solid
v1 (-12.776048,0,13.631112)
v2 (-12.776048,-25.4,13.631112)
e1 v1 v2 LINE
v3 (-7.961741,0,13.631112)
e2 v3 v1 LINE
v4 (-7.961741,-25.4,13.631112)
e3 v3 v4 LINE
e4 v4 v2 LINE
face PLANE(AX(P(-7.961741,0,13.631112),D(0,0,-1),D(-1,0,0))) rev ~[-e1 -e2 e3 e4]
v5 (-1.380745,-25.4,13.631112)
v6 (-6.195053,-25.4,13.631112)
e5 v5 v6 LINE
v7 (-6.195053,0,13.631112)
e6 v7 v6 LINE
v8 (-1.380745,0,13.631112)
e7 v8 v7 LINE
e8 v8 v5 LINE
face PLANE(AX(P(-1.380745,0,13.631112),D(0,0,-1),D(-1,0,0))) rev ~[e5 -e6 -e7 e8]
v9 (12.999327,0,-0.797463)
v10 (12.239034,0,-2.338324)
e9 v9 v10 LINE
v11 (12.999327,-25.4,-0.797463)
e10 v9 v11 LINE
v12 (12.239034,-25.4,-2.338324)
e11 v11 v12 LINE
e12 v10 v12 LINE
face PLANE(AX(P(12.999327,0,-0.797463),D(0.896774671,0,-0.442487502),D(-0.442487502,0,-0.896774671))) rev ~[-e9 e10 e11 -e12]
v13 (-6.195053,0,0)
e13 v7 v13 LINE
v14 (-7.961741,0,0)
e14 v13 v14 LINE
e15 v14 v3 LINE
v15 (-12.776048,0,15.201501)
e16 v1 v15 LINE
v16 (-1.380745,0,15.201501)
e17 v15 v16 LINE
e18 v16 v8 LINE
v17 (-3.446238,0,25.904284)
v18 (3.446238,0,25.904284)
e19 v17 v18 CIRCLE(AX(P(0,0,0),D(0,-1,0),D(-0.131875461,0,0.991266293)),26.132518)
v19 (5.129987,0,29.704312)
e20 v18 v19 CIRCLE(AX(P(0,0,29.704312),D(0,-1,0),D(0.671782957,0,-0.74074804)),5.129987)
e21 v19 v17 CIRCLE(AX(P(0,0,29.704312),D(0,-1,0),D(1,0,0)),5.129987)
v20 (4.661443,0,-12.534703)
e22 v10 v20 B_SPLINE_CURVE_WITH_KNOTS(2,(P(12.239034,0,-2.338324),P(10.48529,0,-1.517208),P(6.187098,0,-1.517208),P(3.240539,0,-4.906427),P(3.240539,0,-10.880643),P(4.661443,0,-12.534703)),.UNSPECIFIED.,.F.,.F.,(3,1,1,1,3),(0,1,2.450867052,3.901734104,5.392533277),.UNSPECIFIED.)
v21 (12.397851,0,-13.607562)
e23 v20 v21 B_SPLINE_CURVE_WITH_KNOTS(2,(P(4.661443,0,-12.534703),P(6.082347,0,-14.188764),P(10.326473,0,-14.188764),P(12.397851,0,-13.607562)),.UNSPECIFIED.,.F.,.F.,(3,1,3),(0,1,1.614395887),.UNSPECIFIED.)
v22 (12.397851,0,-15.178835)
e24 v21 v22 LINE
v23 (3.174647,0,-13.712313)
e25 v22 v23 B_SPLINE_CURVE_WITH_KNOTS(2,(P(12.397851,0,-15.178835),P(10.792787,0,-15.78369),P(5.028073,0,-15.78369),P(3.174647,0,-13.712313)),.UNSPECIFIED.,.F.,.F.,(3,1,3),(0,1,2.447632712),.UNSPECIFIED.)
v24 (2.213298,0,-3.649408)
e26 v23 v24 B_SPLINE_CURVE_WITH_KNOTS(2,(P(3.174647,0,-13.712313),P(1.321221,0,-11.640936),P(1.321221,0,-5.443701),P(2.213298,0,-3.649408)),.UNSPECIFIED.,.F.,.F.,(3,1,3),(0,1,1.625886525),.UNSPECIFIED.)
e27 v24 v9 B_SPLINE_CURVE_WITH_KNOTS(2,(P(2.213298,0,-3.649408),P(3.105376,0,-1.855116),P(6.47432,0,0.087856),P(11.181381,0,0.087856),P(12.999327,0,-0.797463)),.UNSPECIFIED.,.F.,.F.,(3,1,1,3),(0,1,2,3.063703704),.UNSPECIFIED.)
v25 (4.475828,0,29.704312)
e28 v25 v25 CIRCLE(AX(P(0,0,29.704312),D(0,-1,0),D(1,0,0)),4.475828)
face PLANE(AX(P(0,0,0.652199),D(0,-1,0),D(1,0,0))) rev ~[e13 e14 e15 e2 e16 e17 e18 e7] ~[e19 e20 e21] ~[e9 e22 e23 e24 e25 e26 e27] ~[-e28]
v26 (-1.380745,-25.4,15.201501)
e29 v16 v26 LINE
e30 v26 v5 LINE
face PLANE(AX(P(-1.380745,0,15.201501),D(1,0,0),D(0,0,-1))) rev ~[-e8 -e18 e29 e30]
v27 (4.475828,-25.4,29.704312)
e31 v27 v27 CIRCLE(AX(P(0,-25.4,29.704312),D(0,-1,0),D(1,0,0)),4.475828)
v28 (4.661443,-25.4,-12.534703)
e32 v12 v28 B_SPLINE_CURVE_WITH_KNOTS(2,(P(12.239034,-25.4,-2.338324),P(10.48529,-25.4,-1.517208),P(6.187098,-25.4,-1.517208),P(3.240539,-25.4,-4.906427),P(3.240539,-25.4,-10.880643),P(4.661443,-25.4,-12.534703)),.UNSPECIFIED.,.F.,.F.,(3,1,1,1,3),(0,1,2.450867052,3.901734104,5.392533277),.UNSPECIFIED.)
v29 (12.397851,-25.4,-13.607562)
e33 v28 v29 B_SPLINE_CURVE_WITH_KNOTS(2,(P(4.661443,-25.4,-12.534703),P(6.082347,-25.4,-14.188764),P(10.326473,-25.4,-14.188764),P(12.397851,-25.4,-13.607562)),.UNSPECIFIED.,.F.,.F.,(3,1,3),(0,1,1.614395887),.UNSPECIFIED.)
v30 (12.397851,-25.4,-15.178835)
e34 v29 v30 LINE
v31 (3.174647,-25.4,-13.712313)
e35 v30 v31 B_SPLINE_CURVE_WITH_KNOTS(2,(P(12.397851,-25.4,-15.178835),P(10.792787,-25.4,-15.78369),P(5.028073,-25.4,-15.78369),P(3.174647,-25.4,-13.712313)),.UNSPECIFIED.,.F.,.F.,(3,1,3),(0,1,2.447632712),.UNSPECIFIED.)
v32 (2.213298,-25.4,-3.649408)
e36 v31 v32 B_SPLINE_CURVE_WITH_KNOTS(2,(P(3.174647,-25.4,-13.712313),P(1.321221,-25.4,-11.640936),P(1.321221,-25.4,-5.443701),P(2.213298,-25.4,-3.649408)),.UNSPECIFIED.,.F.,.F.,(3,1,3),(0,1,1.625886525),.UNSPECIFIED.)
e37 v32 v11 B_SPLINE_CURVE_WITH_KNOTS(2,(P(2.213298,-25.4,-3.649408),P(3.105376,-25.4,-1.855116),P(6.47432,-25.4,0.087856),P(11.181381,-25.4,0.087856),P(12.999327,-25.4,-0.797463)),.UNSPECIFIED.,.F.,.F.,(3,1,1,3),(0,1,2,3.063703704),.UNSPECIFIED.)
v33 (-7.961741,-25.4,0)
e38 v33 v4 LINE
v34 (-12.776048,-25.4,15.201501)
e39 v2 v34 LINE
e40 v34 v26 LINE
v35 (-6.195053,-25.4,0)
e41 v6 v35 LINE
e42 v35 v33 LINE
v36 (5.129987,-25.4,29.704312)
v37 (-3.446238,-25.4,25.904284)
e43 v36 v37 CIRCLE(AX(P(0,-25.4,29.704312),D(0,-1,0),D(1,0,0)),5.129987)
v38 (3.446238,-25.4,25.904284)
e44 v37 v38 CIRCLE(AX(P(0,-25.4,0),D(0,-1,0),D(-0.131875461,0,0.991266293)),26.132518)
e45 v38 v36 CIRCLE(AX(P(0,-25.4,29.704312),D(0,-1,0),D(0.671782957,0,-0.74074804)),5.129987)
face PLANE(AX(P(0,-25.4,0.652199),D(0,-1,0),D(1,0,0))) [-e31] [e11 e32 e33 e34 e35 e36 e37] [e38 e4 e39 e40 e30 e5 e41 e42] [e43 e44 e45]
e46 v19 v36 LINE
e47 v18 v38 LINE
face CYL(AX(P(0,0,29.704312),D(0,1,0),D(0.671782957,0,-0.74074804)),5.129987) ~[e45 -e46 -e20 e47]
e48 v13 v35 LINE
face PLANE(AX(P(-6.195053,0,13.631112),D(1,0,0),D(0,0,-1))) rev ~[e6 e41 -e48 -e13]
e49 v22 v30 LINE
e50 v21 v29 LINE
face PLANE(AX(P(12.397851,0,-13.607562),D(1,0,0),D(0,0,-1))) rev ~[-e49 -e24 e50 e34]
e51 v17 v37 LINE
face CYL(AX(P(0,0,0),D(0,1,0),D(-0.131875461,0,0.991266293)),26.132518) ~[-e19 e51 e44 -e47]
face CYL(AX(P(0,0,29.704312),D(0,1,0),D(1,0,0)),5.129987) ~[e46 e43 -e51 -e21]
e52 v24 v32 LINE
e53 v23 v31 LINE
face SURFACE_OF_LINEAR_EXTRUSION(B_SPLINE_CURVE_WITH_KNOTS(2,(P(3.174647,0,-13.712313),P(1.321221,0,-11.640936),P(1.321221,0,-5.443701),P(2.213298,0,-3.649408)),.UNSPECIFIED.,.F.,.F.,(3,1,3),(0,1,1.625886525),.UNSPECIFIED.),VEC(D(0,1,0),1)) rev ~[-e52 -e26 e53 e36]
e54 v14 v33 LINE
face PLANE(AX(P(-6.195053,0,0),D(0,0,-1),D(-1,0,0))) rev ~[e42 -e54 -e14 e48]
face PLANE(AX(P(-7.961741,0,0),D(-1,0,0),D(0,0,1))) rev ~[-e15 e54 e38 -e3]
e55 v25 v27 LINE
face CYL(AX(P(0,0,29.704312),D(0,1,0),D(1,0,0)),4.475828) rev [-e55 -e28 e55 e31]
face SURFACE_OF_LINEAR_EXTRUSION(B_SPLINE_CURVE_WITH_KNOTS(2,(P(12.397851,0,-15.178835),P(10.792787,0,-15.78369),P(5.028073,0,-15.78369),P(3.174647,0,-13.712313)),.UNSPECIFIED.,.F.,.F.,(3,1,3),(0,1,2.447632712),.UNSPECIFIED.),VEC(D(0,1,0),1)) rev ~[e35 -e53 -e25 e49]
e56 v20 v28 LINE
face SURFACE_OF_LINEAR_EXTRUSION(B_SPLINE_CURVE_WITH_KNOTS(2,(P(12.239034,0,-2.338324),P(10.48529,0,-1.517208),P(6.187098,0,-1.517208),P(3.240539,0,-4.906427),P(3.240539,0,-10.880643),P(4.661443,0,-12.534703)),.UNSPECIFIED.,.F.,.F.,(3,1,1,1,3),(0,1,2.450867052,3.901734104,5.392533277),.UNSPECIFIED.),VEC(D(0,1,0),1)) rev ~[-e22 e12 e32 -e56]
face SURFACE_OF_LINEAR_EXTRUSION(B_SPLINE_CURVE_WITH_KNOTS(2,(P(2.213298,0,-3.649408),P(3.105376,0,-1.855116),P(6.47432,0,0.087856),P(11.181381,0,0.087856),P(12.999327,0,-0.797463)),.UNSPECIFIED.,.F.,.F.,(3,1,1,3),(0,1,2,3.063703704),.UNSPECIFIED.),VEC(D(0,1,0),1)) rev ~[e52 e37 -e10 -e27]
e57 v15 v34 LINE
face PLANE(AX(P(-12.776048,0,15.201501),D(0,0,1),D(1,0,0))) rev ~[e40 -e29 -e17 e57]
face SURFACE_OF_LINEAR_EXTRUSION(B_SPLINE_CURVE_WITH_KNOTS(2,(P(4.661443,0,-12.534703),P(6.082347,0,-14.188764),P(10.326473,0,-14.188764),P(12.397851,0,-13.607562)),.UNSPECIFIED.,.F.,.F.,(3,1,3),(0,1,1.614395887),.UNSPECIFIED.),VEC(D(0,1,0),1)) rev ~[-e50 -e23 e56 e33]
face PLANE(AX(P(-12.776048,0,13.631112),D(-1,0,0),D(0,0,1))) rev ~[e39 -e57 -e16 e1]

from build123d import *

# Parameters (mm, degrees)
F0_R     = 4.4758284469
F1_DEPTH = 25.4


with BuildPart() as f1:
    # F0 (on Front) → F1 (new body)
    with BuildSketch(Plane.XZ):
        with BuildLine():
            ThreePointArc((3.4462378282, 25.9042840516), (0, 24.5743248711), (-3.4462378282, 25.9042840516))
            ThreePointArc((-3.4462378282, 25.9042840516), (0, -26.1325178159), (3.4462378282, 25.9042840516))
        make_face()
        with BuildLine():
            add(Edge.make_bspline(
                [(12.2390337039, -2.3383244956), (10.4852903322, -1.5172076568), (8.7315469605, -1.5172076568)],
                knots=[0, 0, 0, 1, 1, 1], degree=2))
            add(Edge.make_bspline(
                [(8.7315469605, -1.5172076568), (6.1870984848, -1.5172076568), (4.7138188893, -3.2118170998)],
                knots=[0, 0, 0, 1, 1, 1], degree=2))
            add(Edge.make_bspline(
                [(4.7138188893, -3.2118170998), (3.2405392938, -4.9064265428), (3.2405392938, -7.8529857338)],
                knots=[0, 0, 0, 1, 1, 1], degree=2))
            add(Edge.make_bspline(
                [(3.2405392938, -7.8529857338), (3.2405392938, -10.8806428842), (4.6614431238, -12.5347033475)],
                knots=[0, 0, 0, 1, 1, 1], degree=2))
            add(Edge.make_bspline(
                [(4.6614431238, -12.5347033475), (6.0823469539, -14.1887638108), (8.7112724707, -14.1887638108)],
                knots=[0, 0, 0, 1, 1, 1], degree=2))
            add(Edge.make_bspline(
                [(8.7112724707, -14.1887638108), (10.3264734951, -14.1887638108), (12.3978505411, -13.6075617686)],
                knots=[0, 0, 0, 1, 1, 1], degree=2))
            Line((12.3978505411, -13.6075617686), (12.3978505411, -15.1788347317))
            add(Edge.make_bspline(
                [(12.3978505411, -15.1788347317), (10.7927867616, -15.7836903454), (8.4375668577, -15.7836903454)],
                knots=[0, 0, 0, 1, 1, 1], degree=2))
            add(Edge.make_bspline(
                [(8.4375668577, -15.7836903454), (5.0280734819, -15.7836903454), (3.1746472018, -13.7123132994)],
                knots=[0, 0, 0, 1, 1, 1], degree=2))
            add(Edge.make_bspline(
                [(3.1746472018, -13.7123132994), (1.3212209217, -11.6409362535), (1.3212209217, -7.8293321623)],
                knots=[0, 0, 0, 1, 1, 1], degree=2))
            add(Edge.make_bspline(
                [(1.3212209217, -7.8293321623), (1.3212209217, -5.4437005238), (2.2132984749, -3.6494081724)],
                knots=[0, 0, 0, 1, 1, 1], degree=2))
            add(Edge.make_bspline(
                [(2.2132984749, -3.6494081724), (3.1053760281, -1.8551158209), (4.7898482262, -0.8836298491)],
                knots=[0, 0, 0, 1, 1, 1], degree=2))
            add(Edge.make_bspline(
                [(4.7898482262, -0.8836298491), (6.4743204243, 0.0878561227), (8.755200532, 0.0878561227)],
                knots=[0, 0, 0, 1, 1, 1], degree=2))
            add(Edge.make_bspline(
                [(8.755200532, 0.0878561227), (11.1813811503, 0.0878561227), (12.9993270732, -0.7974632673)],
                knots=[0, 0, 0, 1, 1, 1], degree=2))
            Line((12.9993270732, -0.7974632673), (12.2390337039, -2.3383244956))
        make_face(mode=Mode.SUBTRACT)
        Polygon((-6.19505263, 13.6311120435), (-6.19505263, 0), (-7.9617405712, 0), (-7.9617405712, 13.6311120435), (-12.7760483883, 13.6311120435), (-12.7760483883, 15.2015013246), (-1.3807448128, 15.2015013246), (-1.3807448128, 13.6311120435), align=None, mode=Mode.SUBTRACT)
        with BuildLine():
            ThreePointArc((5.1299869915, 29.7043118626), (-2.0781736338, 34.3945102465), (-3.4462378282, 25.9042840516))
            ThreePointArc((-3.4462378282, 25.9042840516), (0, 24.5743248711), (3.4462378282, 25.9042840516))
            ThreePointArc((3.4462378282, 25.9042840516), (4.6901983839, 27.6261382288), (5.1299869915, 29.7043118626))
        make_face()
        with Locations((0, 29.7043118626)):
            Circle(F0_R, mode=Mode.SUBTRACT)
    extrude(amount=F1_DEPTH)


solid = f1.part
